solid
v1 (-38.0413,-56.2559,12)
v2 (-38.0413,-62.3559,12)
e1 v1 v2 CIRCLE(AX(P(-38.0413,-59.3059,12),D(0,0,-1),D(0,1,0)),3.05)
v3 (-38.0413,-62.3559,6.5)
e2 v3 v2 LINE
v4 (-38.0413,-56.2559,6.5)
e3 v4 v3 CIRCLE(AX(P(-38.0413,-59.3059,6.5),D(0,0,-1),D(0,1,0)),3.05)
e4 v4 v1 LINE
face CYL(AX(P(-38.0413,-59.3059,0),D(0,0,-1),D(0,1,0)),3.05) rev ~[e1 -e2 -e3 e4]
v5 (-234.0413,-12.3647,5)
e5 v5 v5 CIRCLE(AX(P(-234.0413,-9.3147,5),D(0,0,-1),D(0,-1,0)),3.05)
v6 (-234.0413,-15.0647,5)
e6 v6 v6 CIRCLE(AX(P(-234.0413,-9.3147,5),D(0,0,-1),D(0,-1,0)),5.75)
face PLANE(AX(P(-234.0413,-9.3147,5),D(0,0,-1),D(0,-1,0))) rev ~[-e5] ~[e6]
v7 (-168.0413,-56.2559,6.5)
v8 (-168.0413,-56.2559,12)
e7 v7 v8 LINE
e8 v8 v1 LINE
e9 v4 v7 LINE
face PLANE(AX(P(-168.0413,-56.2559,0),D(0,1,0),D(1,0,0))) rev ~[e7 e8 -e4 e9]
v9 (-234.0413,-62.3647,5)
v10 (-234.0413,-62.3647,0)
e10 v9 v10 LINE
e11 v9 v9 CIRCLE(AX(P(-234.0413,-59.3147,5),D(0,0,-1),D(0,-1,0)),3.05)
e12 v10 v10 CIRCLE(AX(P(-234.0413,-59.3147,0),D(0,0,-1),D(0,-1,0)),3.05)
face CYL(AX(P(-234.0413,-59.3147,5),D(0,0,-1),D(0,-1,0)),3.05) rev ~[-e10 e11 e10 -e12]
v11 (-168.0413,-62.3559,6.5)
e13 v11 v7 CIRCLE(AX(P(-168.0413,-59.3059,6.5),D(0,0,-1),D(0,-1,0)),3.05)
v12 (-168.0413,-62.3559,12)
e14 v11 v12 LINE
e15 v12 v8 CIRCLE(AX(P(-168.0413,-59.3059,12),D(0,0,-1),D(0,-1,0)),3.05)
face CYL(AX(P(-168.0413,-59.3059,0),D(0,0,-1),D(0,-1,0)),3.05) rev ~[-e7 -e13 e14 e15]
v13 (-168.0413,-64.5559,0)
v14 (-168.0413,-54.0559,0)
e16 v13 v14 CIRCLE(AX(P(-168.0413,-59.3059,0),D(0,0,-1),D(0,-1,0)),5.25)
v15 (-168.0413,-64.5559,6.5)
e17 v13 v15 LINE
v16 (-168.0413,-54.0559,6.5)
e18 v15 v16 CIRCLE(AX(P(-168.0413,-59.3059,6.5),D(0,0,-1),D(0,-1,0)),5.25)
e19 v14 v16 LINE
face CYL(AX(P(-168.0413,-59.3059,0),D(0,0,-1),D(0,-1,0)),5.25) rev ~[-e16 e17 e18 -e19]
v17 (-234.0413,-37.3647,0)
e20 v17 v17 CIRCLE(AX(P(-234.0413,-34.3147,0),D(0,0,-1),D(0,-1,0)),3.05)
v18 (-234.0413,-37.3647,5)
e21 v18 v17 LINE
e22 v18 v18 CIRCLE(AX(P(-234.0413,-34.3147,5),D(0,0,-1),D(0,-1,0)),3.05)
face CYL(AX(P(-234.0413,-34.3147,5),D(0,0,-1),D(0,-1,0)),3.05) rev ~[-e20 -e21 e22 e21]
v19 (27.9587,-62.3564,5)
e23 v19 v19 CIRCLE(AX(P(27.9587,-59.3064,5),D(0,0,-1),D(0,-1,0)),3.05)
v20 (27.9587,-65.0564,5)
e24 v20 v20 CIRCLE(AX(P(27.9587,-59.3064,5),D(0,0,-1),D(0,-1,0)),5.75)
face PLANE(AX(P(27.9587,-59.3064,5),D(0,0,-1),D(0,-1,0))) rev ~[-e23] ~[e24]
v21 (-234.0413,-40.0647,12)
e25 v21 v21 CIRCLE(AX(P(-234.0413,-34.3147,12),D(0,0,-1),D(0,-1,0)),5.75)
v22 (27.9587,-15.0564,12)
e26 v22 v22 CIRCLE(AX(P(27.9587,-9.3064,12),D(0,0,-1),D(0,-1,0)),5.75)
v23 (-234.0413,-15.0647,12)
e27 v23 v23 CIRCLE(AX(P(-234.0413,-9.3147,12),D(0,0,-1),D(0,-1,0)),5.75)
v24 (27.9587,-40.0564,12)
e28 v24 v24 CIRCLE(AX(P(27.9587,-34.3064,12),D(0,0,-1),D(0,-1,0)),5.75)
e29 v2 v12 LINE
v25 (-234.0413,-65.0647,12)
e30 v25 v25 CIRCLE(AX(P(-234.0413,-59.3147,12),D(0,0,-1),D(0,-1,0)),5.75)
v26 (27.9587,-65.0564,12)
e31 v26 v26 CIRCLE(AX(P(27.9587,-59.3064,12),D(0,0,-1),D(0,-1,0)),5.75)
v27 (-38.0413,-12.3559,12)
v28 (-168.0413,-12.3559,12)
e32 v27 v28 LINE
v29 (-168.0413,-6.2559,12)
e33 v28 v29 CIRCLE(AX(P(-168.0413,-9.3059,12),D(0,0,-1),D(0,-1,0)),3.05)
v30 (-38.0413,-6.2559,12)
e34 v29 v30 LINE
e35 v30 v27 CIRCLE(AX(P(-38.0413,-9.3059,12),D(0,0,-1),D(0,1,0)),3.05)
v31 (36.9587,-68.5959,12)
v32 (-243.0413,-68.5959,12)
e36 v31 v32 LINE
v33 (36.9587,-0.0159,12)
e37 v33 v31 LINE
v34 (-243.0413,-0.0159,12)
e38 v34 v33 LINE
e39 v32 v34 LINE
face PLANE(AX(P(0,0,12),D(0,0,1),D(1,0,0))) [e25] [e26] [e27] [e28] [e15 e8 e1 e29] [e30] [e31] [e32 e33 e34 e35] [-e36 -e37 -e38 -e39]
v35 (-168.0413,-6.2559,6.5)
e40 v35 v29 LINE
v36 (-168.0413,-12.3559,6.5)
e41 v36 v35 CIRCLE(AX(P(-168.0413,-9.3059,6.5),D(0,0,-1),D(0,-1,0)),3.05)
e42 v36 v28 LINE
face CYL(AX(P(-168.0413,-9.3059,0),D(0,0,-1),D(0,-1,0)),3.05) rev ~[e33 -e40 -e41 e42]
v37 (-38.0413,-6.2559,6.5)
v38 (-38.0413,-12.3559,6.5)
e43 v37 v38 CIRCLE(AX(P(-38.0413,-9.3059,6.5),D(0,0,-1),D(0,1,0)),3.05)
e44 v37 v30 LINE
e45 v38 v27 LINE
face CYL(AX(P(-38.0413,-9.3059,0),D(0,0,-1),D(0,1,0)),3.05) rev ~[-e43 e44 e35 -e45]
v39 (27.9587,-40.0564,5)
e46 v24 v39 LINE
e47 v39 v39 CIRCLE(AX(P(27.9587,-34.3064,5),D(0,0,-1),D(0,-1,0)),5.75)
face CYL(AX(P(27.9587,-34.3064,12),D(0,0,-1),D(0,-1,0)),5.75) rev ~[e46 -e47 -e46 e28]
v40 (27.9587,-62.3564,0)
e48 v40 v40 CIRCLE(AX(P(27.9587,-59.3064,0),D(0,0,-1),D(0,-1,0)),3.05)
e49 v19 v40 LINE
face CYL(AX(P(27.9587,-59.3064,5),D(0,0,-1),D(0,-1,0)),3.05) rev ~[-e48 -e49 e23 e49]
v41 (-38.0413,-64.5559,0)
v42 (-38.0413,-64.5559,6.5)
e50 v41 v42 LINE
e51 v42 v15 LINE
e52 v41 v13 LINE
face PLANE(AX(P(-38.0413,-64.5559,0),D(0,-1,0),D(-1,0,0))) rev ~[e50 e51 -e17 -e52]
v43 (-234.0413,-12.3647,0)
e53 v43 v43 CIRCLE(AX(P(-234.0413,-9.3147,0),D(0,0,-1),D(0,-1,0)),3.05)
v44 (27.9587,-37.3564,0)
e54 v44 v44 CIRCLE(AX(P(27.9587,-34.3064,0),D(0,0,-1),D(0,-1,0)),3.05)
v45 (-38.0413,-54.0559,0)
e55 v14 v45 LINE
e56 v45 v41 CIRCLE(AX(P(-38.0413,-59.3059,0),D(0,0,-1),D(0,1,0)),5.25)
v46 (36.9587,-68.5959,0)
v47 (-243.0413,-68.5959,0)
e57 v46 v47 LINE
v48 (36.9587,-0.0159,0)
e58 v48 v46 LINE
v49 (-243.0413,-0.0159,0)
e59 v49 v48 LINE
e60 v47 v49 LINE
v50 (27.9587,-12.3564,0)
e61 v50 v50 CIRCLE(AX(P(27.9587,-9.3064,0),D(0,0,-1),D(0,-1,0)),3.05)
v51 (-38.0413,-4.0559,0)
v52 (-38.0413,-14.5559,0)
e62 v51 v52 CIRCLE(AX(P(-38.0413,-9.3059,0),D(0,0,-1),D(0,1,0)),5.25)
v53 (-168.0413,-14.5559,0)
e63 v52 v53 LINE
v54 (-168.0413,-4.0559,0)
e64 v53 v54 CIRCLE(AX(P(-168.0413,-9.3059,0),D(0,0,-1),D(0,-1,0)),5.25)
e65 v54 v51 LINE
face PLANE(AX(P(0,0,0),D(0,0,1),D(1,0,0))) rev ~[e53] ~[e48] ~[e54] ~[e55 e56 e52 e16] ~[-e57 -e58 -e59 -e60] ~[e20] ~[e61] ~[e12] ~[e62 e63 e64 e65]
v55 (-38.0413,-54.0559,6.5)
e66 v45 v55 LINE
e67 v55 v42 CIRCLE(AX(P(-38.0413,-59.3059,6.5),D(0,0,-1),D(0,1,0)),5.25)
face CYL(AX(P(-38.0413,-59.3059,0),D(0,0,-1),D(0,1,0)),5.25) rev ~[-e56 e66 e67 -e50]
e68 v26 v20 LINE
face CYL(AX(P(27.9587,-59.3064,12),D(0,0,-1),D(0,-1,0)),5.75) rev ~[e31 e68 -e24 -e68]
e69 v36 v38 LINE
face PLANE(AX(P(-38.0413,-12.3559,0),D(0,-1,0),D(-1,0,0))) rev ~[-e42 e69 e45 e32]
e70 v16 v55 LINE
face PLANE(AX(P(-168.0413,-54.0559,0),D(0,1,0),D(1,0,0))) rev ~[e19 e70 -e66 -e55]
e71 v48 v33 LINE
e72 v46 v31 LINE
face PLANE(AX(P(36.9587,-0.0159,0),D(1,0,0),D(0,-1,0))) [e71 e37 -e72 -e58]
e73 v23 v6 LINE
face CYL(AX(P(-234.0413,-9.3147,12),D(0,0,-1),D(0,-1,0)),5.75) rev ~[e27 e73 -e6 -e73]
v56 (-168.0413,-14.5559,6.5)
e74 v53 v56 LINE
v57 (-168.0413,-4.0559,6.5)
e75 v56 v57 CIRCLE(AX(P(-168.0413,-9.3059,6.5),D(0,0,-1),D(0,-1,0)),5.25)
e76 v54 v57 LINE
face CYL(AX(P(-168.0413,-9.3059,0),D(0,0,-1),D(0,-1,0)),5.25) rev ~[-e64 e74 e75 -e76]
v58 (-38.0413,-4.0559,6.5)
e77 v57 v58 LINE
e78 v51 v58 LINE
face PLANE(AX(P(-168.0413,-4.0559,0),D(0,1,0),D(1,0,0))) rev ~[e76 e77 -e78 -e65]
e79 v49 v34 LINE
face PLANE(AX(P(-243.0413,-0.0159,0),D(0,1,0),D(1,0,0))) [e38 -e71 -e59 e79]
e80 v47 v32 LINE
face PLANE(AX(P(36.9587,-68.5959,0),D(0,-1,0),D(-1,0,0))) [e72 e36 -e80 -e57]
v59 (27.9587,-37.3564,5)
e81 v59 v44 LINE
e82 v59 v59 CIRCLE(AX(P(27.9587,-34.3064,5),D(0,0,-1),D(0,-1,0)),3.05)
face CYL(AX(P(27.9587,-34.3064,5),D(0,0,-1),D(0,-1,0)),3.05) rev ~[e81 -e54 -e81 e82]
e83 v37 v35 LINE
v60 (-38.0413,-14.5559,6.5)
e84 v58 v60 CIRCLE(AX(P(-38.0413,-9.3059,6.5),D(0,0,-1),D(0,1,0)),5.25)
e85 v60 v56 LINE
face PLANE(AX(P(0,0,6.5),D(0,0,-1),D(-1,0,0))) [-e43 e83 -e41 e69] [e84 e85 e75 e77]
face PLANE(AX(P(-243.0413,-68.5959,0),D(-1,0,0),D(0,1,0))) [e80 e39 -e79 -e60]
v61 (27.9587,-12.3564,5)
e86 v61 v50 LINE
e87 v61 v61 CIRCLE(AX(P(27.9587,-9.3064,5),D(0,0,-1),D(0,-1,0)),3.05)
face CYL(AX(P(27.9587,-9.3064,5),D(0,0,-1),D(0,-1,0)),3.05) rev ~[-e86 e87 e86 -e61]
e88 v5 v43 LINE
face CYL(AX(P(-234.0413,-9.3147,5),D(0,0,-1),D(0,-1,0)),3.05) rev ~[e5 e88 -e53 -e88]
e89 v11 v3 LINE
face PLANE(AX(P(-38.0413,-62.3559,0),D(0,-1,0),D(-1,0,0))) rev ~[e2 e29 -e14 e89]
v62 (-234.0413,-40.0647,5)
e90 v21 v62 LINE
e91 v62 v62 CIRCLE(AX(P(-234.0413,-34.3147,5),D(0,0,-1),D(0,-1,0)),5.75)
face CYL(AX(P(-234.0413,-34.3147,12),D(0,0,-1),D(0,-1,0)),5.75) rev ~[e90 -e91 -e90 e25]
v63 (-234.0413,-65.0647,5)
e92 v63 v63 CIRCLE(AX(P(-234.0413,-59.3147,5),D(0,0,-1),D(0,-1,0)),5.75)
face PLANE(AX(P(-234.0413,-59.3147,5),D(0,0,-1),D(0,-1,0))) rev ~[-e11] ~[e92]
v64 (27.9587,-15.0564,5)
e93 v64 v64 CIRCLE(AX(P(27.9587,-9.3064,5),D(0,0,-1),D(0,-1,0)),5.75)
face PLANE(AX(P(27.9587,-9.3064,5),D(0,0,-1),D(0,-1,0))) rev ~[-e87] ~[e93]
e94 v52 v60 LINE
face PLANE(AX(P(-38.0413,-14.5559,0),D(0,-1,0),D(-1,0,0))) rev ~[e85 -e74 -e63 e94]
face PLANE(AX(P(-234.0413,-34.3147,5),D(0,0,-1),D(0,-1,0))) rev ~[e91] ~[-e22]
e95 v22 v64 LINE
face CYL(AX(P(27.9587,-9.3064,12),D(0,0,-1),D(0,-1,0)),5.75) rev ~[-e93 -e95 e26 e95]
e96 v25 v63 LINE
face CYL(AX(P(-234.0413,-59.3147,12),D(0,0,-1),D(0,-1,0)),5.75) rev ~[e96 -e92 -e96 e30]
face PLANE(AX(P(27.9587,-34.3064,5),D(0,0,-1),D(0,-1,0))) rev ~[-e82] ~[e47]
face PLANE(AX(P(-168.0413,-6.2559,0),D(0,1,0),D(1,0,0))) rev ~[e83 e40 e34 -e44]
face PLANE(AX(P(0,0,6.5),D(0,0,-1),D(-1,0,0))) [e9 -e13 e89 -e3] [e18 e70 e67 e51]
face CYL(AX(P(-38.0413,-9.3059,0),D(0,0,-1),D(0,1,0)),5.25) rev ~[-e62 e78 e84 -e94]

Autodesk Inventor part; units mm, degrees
ref_plane "YZ Plane" through (0, 0, 0) normal (1, 0, 0) x (0, 1, 0)
ref_plane "XZ Plane" through (0, 0, 0) normal (0, 1, 0) x (-1, 0, 0)
ref_plane "XY Plane" through (0, 0, 0) normal (0, 0, 1) x (1, 0, 0)
sketch "Sketch1" plane through (0, 0, 0) normal (0, 0, 1) x (1, 0, 0)
  line L0 (-201.9864, -0.0159) -> (-218.1154, -0.0159) construction
  line L1 (-201.9864, -68.5959) -> (-218.1154, -68.5959) construction
  circle A0 centre (-234.0413, -9.3123) radius 2.5 construction
  circle A1 centre (-234.0413, -34.3059) radius 2.5 construction
  circle A2 centre (-234.0413, -59.2995) radius 2.5 construction
  line L2 (0.4039, -68.5877) -> (16.5329, -68.5877) construction
  line L3 (0.4039, -0.0077) -> (16.5329, -0.0077) construction
  circle A3 centre (27.9587, -59.2913) radius 2.5 construction
  circle A4 centre (27.9587, -34.2977) radius 2.5 construction
  circle A5 centre (27.9587, -9.3041) radius 2.5 construction
  line L4 (-243.0413, -0.0159) -> (36.9587, -0.0159)
  line L5 (36.9587, -0.0159) -> (36.9587, -68.5959)
  line L6 (36.9587, -68.5959) -> (-243.0413, -68.5959)
  line L7 (-243.0413, -68.5959) -> (-243.0413, -0.0159)
  line L8 (-103.0413, -534.726) -> (-103.0413, 430.7972) construction
  point P0 (0, 0)
  dimension "w" = 280
  dimension "d23" = 140
  dimension "d" = 262
  dimension "d34" = 131
extrude "Extrusion1" add sketch "Sketch1" along normal blind 12
sketch "Sketch4" plane through (0, 0, 0) normal (0, 0, -1) x (-1, 0, 0)
  circle A0 centre (65.5413, -59.3059) radius 2.5 construction
  circle A1 centre (40.5413, -59.3059) radius 2.5 construction
  circle A2 centre (140.5413, -9.3059) radius 2.5 construction
  circle A3 centre (115.5413, -9.3059) radius 2.5 construction
  line L0 (40.5413, -59.3059) -> (172.5963, -59.3059) construction
  line L1 (167.5124, -9.3059) -> (3.0086, -9.3059) construction
  line L2 (243.0413, -0.0159) -> (-36.9587, -0.0159) construction
  line L3 (38.0413, -9.3059) -> (168.0413, -9.3059) construction
  line L4 (38.0413, -12.3559) -> (168.0413, -12.3559)
  line L5 (168.0413, -6.2559) -> (38.0413, -6.2559)
  arc A4 (38.0413, -6.2559) -> (38.0413, -12.3559) centre (38.0413, -9.3059) ccw
  arc A5 (168.0413, -12.3559) -> (168.0413, -6.2559) centre (168.0413, -9.3059) ccw
  line L6 (103.0413, 455.7975) -> (103.0413, -509.7257) construction
  line L7 (38.0413, -59.3059) -> (168.0413, -59.3059) construction
  line L8 (38.0413, -62.3559) -> (168.0413, -62.3559)
  line L9 (168.0413, -56.2559) -> (38.0413, -56.2559)
  arc A6 (38.0413, -56.2559) -> (38.0413, -62.3559) centre (38.0413, -59.3059) ccw
  arc A7 (168.0413, -62.3559) -> (168.0413, -56.2559) centre (168.0413, -59.3059) ccw
  point P0 (0, 0)
  point P1 (-36.9587, -0.0159)
  point P2 (103.0413, -9.3059)
  point P3 (103.0413, -59.3059)
  dimension "d10" = 9.29
  dimension "d11" = 6.1
  dimension "d12" = 65
  dimension "d13" = 65
  dimension "d14" = 6.1
  dimension "d15" = 65
  dimension "d16" = 65
extrude "Extrusion2" cut sketch "Sketch4" against normal blind 12
sketch "Sketch5" plane through (0, 0, 0) normal (0, 0, -1) x (-1, 0, 0)
  line L0 (45.6373, -31.0674) -> (77.6413, -31.0674) construction
  arc A0 (168.0413, -12.3559) -> (168.0413, -6.2559) centre (168.0413, -9.3059) ccw construction
  arc A1 (168.0413, -62.3559) -> (168.0413, -56.2559) centre (168.0413, -59.3059) ccw construction
  arc A2 (38.0413, -6.2559) -> (38.0413, -12.3559) centre (38.0413, -9.3059) ccw construction
  arc A3 (38.0413, -56.2559) -> (38.0413, -62.3559) centre (38.0413, -59.3059) ccw construction
  line L1 (38.0413, -9.3059) -> (168.0413, -9.3059) construction
  line L2 (-36.9587, -0.0159) -> (243.0413, -0.0159) projected
  line L3 (38.0413, -14.5559) -> (168.0413, -14.5559)
  line L4 (168.0413, -4.0559) -> (38.0413, -4.0559)
  arc A4 (38.0413, -4.0559) -> (38.0413, -14.5559) centre (38.0413, -9.3059) ccw
  arc A5 (168.0413, -14.5559) -> (168.0413, -4.0559) centre (168.0413, -9.3059) ccw
  line L5 (38.0413, -59.3059) -> (168.0413, -59.3059) construction
  line L6 (38.0413, -64.5559) -> (168.0413, -64.5559)
  line L7 (168.0413, -54.0559) -> (38.0413, -54.0559)
  arc A6 (38.0413, -54.0559) -> (38.0413, -64.5559) centre (38.0413, -59.3059) ccw
  arc A7 (168.0413, -64.5559) -> (168.0413, -54.0559) centre (168.0413, -59.3059) ccw
  point P0 (0, 0)
  point P1 (243.0413, -0.0159)
  point P2 (103.0413, -9.3059)
  point P3 (103.0413, -59.3059)
  dimension "d19" = 10.5
  dimension "d20" = 10.5
extrude "Extrusion3" cut sketch "Sketch5" against normal blind 6.5
sketch "Sketch6" plane through (0, 0, 12) normal (0, 0, 1) x (1, 0, 0)
  line L0 (-103.0413, -534.726) -> (-103.0413, 430.7972) construction
  point P0 (0, 0)
  point P1 (27.9587, -59.3064)
  point P2 (27.9587, -34.3064)
  point P3 (27.9587, -9.3064)
  point P4 (-234.0413, -59.3147)
  point P5 (-234.0413, -34.3147)
  point P6 (-234.0413, -9.3147)
  dimension "d36" = 25
  dimension "d37" = 262
  dimension "d38" = 131
hole "Hole2" at (27.9587, -59.3064, 12) at (27.9587, -34.3064, 12) at (27.9587, -9.3064, 12) at (-234.0413, -59.3147, 12) at (-234.0413, -34.3147, 12) at (-234.0413, -9.3147, 12) direction (0, 0, -1) diameter 6.1 end through all counterbore diameter 11.5 counterbore depth 7
equation "\"d23\" = 0.5 * w"
equation "\"d34\" = 0.5 * d"
equation "\"d37\" = d"
equation "\"d38\" = 0.5 * d"
properties part number "ASI_mesoSPIM_Bridge"
